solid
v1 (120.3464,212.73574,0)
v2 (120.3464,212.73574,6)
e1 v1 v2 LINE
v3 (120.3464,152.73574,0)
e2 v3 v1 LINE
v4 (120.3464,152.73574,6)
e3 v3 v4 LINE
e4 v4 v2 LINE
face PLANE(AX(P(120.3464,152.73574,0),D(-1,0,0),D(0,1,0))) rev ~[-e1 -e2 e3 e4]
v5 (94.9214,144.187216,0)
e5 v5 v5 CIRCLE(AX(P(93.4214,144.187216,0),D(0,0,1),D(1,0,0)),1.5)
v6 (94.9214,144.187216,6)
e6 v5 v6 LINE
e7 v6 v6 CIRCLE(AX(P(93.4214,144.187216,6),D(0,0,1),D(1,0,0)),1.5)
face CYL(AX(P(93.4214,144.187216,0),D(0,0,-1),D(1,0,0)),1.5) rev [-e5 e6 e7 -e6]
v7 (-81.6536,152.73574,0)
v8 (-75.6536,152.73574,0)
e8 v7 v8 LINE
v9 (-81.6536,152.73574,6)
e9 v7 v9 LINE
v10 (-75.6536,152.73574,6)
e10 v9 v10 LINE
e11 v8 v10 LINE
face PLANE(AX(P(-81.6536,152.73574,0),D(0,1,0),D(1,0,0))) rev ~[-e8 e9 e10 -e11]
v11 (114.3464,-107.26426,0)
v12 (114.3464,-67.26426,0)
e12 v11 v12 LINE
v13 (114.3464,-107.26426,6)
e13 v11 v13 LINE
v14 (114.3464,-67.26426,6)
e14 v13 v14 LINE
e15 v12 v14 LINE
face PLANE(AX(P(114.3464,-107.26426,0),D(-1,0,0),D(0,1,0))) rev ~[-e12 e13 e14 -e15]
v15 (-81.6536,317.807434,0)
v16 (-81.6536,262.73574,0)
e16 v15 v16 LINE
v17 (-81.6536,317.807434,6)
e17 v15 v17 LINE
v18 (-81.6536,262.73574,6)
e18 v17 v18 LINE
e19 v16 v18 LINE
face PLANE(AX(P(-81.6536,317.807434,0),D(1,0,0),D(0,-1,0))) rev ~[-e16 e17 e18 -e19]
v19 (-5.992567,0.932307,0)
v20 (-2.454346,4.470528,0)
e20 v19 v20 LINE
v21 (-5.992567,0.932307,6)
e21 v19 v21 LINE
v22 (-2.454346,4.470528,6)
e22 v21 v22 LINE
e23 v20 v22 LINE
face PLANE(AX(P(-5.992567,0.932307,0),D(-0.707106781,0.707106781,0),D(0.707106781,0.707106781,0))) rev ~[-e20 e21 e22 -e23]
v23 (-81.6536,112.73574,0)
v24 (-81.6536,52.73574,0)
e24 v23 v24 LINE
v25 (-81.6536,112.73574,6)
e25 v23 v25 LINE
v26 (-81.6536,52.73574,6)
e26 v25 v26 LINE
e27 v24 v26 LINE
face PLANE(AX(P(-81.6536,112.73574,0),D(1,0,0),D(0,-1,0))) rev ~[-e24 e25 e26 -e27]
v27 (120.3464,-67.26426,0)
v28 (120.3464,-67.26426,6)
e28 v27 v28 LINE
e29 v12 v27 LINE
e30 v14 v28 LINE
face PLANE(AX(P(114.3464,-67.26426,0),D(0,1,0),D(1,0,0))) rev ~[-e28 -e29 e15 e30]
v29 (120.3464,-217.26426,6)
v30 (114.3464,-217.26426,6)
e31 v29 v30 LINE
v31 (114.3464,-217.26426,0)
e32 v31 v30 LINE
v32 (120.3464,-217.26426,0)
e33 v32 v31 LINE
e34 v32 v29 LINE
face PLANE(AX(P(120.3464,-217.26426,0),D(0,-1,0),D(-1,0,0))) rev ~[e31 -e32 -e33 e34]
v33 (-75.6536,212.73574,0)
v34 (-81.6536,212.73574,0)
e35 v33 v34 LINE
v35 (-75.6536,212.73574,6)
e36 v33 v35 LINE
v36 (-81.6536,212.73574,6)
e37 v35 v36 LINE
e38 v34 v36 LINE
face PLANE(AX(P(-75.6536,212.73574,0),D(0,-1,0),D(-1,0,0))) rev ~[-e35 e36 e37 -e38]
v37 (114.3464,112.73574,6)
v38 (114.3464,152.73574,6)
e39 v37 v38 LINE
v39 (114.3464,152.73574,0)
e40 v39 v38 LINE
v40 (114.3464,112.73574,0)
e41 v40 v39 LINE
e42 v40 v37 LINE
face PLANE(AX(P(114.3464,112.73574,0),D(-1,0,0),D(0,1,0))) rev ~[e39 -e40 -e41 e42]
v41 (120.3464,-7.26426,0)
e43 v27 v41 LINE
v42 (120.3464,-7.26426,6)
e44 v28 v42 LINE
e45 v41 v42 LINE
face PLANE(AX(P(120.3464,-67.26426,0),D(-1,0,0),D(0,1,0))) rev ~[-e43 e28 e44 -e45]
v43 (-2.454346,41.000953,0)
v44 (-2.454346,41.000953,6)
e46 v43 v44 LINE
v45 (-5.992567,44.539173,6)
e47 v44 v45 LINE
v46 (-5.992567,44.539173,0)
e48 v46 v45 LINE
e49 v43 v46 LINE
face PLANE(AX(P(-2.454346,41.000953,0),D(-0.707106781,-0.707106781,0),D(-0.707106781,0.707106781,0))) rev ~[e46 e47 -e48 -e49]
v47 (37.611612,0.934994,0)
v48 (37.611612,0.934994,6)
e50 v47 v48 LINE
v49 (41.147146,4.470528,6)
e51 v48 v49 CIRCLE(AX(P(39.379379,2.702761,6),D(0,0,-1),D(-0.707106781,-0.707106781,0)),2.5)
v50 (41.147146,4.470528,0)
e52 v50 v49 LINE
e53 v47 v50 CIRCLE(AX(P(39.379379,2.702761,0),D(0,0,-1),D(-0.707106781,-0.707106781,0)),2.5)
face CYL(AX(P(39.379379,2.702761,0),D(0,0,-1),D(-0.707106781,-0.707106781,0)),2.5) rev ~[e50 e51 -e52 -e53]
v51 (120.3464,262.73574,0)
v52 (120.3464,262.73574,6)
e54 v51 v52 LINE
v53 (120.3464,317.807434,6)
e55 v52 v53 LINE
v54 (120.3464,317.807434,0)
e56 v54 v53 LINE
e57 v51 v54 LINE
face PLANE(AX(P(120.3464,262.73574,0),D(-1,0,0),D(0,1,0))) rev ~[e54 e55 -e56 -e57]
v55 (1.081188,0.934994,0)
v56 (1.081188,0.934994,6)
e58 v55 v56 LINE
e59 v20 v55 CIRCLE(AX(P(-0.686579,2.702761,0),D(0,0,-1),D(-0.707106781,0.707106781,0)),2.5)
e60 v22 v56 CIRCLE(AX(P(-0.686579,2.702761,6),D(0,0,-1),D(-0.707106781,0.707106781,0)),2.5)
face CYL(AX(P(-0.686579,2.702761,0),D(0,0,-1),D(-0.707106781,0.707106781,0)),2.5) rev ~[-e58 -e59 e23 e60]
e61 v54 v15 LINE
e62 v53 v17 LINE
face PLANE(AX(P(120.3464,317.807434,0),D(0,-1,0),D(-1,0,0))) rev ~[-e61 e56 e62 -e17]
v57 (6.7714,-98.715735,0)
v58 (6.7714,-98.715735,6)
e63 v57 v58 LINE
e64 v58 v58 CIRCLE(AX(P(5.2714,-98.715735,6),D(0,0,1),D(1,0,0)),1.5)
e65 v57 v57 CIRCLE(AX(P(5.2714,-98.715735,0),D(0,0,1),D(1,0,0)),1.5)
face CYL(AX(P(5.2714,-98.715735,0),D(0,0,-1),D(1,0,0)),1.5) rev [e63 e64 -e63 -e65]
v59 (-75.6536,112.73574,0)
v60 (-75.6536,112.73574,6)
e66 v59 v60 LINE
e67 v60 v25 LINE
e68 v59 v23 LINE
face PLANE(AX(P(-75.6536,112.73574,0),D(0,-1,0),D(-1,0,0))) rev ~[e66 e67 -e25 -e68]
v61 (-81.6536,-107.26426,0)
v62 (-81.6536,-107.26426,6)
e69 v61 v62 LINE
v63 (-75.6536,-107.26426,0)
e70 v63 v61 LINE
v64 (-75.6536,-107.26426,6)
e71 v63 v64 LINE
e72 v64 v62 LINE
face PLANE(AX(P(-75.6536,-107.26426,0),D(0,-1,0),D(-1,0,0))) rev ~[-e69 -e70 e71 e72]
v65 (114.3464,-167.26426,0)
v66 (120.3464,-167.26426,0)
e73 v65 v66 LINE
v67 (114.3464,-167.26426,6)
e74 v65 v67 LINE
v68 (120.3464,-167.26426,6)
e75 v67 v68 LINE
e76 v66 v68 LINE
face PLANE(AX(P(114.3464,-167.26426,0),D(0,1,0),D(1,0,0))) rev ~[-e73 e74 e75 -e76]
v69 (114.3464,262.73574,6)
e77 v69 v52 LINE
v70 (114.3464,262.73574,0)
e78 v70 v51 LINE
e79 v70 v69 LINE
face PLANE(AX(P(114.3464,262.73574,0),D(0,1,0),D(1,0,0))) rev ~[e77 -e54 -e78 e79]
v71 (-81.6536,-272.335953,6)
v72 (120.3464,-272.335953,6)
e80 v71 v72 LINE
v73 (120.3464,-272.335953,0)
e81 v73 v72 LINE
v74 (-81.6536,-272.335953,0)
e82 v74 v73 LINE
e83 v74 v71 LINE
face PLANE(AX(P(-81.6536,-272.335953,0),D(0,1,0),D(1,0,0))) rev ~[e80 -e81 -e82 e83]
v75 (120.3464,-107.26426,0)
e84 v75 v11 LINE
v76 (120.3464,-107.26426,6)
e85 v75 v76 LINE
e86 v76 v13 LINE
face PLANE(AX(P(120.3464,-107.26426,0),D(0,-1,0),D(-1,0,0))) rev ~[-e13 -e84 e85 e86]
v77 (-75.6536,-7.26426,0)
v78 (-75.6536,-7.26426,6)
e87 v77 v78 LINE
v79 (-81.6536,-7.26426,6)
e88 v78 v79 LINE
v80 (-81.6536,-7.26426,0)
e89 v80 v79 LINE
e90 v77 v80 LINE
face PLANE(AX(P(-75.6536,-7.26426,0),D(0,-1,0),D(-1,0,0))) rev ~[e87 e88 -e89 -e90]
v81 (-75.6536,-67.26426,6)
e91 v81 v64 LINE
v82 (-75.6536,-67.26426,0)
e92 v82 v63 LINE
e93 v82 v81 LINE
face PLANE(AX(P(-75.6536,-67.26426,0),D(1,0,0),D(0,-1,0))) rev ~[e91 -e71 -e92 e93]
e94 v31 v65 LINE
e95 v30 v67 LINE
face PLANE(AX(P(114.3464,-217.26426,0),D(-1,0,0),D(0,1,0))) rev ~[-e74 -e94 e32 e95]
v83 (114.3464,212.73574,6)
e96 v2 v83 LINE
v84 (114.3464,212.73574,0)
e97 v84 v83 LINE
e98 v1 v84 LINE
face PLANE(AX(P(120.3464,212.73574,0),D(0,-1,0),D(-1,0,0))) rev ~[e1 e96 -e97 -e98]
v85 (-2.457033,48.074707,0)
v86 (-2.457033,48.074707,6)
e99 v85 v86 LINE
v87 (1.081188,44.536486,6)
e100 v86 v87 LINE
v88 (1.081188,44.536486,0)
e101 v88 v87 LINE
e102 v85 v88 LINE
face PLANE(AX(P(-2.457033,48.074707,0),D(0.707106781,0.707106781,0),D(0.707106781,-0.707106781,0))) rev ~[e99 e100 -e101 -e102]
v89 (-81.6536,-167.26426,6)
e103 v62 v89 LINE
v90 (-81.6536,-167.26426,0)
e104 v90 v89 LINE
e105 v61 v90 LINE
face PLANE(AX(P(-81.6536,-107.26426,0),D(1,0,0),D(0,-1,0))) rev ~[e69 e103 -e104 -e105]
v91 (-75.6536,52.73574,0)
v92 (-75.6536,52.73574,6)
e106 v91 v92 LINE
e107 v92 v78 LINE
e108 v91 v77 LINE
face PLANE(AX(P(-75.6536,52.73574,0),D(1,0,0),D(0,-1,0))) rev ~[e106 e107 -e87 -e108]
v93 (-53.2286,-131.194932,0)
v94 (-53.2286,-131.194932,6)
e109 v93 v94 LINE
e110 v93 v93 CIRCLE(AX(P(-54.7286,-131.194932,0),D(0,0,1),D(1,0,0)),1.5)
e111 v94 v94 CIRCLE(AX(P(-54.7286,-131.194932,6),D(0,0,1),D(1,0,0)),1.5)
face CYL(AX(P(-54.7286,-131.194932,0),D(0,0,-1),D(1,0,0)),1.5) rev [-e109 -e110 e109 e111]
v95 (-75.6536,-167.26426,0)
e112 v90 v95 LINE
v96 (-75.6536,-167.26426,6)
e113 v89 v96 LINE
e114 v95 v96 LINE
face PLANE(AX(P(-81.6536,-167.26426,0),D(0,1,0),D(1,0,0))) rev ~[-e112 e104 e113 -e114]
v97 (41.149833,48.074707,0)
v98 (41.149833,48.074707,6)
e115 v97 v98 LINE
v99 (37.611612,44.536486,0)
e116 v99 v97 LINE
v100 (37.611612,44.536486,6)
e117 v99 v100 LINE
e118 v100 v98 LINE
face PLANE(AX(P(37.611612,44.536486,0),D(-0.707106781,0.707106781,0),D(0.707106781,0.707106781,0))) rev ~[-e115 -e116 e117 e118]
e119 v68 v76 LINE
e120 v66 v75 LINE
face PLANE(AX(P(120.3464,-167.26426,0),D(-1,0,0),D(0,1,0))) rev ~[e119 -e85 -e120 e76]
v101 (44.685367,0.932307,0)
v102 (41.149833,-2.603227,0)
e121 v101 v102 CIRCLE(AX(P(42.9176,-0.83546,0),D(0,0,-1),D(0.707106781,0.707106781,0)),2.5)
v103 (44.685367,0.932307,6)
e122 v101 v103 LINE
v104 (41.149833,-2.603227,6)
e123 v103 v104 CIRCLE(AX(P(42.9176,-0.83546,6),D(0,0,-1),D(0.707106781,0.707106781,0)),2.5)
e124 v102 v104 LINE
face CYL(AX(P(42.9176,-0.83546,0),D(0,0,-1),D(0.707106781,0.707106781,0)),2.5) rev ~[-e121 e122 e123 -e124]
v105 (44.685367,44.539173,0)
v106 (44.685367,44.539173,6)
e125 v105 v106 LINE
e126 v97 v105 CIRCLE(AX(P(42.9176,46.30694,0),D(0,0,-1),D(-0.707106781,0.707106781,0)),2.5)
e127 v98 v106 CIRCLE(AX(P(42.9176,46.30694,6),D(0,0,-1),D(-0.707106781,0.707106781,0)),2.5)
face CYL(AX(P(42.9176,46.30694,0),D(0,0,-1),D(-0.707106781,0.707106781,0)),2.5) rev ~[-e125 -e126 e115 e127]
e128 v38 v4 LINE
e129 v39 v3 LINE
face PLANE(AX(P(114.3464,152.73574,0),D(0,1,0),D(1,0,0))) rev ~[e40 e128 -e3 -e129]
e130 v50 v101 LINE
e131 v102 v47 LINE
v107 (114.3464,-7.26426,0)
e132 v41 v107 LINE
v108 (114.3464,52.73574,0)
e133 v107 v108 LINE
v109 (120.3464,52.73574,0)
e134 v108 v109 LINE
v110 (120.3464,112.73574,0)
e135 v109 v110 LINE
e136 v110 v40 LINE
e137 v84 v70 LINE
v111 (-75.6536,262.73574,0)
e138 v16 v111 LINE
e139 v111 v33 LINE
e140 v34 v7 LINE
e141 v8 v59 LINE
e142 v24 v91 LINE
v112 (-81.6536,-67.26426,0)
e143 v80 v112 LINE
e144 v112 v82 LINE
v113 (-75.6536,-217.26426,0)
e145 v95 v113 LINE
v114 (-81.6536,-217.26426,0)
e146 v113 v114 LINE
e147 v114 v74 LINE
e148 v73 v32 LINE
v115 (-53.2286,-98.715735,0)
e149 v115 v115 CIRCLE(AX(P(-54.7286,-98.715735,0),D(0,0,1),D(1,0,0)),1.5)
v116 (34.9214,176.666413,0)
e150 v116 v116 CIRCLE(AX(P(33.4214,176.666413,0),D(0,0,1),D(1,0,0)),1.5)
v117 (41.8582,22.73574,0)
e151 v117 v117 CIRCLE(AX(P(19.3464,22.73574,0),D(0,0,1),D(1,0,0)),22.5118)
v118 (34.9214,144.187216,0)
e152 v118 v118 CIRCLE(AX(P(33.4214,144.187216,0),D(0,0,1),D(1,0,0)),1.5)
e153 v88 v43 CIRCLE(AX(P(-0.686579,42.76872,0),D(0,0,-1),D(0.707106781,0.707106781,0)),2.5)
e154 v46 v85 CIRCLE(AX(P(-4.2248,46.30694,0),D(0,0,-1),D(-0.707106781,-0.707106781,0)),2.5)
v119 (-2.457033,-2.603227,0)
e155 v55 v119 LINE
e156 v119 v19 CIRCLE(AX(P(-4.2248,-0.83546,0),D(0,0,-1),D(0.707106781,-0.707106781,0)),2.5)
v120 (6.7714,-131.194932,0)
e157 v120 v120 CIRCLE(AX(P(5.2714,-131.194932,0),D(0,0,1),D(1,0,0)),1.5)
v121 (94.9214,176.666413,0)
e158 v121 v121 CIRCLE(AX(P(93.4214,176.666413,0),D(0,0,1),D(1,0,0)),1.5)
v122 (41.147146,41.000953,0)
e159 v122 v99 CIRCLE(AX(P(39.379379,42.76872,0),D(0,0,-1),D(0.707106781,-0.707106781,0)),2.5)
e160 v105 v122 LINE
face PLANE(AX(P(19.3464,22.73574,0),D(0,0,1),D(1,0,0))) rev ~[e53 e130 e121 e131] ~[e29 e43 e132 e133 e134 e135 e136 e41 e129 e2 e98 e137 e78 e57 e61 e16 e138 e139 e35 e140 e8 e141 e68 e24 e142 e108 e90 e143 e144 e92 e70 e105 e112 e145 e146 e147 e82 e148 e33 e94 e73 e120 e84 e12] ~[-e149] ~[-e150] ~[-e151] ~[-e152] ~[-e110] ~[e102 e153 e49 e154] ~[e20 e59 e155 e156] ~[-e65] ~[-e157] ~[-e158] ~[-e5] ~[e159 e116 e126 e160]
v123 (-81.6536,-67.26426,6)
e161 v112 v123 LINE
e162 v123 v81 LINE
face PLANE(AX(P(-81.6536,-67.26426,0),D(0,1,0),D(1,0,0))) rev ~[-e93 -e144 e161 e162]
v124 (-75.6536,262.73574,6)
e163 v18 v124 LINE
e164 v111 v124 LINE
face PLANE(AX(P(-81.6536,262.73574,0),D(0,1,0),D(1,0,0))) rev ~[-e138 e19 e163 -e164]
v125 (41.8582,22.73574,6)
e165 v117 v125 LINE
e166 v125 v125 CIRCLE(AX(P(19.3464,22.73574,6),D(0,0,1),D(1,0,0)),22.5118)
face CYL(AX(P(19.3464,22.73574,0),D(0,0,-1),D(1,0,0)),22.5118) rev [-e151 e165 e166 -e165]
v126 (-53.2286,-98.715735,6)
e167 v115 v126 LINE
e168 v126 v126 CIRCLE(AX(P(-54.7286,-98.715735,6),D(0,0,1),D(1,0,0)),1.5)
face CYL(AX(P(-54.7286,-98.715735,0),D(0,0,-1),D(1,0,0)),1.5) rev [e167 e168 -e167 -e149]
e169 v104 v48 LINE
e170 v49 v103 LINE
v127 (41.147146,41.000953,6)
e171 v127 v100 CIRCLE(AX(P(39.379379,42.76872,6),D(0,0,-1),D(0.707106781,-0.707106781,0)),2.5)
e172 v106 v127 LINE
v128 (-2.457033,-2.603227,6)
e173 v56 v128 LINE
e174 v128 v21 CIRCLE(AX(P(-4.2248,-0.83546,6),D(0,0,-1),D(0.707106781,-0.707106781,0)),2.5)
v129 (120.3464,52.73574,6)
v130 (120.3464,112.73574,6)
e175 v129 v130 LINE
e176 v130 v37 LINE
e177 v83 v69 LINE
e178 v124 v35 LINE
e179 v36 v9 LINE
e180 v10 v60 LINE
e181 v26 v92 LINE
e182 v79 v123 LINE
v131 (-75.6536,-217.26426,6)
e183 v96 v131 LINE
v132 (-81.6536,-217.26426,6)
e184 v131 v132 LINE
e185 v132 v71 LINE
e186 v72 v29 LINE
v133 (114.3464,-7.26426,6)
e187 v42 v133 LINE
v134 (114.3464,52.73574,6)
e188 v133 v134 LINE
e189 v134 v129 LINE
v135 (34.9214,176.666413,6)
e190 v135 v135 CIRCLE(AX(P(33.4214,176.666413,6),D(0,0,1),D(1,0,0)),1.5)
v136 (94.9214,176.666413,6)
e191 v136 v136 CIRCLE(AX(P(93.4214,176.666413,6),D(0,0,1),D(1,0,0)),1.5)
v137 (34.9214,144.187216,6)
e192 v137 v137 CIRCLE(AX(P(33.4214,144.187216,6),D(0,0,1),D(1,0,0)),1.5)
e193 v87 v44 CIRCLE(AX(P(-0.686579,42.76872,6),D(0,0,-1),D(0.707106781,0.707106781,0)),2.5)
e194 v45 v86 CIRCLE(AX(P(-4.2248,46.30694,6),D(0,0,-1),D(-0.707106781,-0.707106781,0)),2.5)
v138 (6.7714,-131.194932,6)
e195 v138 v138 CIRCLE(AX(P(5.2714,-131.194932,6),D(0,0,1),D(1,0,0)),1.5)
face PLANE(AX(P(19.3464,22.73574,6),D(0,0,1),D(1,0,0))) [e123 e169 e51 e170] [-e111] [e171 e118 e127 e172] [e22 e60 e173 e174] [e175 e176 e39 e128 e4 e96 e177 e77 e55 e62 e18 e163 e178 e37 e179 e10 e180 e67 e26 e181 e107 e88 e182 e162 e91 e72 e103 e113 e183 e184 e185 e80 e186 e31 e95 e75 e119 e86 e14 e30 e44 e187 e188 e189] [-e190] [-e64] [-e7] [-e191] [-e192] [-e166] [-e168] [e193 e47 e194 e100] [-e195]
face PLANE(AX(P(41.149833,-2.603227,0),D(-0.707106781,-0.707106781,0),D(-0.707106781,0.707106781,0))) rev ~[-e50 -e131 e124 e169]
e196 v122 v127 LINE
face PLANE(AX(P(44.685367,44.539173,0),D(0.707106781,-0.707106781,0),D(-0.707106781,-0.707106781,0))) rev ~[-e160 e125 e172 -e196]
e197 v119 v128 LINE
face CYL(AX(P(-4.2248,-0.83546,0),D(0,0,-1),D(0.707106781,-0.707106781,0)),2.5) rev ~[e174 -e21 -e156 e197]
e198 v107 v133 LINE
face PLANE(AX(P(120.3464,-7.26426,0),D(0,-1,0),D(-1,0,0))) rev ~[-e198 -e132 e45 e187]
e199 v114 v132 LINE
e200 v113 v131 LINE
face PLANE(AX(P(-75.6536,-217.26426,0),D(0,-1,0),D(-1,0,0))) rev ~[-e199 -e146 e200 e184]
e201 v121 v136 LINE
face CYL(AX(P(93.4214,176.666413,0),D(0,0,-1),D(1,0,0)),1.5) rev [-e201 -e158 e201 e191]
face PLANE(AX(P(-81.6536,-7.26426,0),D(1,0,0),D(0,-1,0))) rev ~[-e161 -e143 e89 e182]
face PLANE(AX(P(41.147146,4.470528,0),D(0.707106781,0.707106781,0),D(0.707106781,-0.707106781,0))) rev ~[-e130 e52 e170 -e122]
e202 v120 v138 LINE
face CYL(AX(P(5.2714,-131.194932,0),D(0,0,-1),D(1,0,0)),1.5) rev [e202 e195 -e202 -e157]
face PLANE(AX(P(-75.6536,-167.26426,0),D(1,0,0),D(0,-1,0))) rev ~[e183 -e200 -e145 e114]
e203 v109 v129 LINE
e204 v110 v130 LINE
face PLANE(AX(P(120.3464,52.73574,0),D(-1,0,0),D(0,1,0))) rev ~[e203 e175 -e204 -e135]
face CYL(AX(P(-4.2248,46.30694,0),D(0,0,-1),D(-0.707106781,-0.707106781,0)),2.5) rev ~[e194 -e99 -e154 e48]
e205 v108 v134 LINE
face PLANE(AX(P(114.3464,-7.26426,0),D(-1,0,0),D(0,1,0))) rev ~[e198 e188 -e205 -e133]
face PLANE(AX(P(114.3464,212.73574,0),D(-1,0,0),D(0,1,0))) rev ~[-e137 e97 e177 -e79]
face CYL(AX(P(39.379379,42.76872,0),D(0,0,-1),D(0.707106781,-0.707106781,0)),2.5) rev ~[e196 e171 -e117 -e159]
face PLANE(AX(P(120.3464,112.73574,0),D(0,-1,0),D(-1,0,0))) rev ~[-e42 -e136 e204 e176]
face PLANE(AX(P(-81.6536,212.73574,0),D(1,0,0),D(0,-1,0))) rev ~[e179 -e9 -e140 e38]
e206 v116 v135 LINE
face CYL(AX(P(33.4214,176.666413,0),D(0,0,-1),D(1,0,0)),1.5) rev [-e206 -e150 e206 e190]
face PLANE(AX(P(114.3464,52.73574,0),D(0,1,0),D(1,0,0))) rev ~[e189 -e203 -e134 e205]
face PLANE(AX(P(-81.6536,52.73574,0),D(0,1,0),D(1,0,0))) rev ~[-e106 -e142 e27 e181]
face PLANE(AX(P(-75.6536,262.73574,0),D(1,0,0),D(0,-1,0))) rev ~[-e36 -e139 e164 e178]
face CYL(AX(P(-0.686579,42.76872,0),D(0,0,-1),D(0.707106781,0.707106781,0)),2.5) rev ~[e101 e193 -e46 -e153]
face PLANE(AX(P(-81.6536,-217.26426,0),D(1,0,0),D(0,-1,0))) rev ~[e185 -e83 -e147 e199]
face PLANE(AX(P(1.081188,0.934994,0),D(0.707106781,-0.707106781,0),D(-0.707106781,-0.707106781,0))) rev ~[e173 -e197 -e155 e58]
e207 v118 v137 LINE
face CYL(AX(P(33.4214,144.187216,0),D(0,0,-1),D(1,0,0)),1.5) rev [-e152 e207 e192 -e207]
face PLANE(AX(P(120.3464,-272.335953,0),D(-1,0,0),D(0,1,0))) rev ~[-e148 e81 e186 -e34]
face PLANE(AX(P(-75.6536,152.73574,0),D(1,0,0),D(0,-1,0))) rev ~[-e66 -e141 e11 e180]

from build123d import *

# Parameters (mm, degrees)
SKETCH1_R           = 1.5
SKETCH1_R_2         = 22.511799613
BOSS_EXTRUDE1_DEPTH = 6


with BuildPart() as part:
    # Sketch1 → Boss-Extrude1 (new body)
    with BuildSketch(Plane.XY):
        Polygon((114.346400169, -107.26425955), (114.346400169, -67.26425955), (120.346400169, -67.26425955), (120.346400169, -7.26425955), (114.346400169, -7.26425955), (114.346400169, 52.73574045), (120.346400169, 52.73574045), (120.346400169, 112.73574045), (114.346400169, 112.73574045), (114.346400169, 152.73574045), (120.346400169, 152.73574045), (120.346400169, 212.73574045), (114.346400169, 212.73574045), (114.346400169, 262.73574045), (120.346400169, 262.73574045), (120.346400169, 317.807433635), (-81.653599831, 317.807433635), (-81.653599831, 262.73574045), (-75.653599831, 262.73574045), (-75.653599831, 212.73574045), (-81.653599831, 212.73574045), (-81.653599831, 152.73574045), (-75.653599831, 152.73574045), (-75.653599831, 112.73574045), (-81.653599831, 112.73574045), (-81.653599831, 52.73574045), (-75.653599831, 52.73574045), (-75.653599831, -7.26425955), (-81.653599831, -7.26425955), (-81.653599831, -67.26425955), (-75.653599831, -67.26425955), (-75.653599831, -107.26425955), (-81.653599831, -107.26425955), (-81.653599831, -167.26425955), (-75.653599831, -167.26425955), (-75.653599831, -217.26425955), (-81.653599831, -217.26425955), (-81.653599831, -272.335952735), (120.346400169, -272.335952735), (120.346400169, -217.26425955), (114.346400169, -217.26425955), (114.346400169, -167.26425955), (120.346400169, -167.26425955), (120.346400169, -107.26425955), align=None)
        with Locations((93.421400169, 144.187215683)):
            Circle(SKETCH1_R, mode=Mode.SUBTRACT)
        with Locations((93.421400169, 176.66641252)):
            Circle(SKETCH1_R, mode=Mode.SUBTRACT)
        with Locations((33.421400169, 144.187215683)):
            Circle(SKETCH1_R, mode=Mode.SUBTRACT)
        with Locations((-54.728599831, -131.19493162)):
            Circle(SKETCH1_R, mode=Mode.SUBTRACT)
        with Locations((33.421400169, 176.66641252)):
            Circle(SKETCH1_R, mode=Mode.SUBTRACT)
        with Locations((-54.728599831, -98.715734783)):
            Circle(SKETCH1_R, mode=Mode.SUBTRACT)
        with Locations((5.271400169, -98.715734783)):
            Circle(SKETCH1_R, mode=Mode.SUBTRACT)
        with Locations((19.346400169, 22.73574045)):
            Circle(SKETCH1_R_2, mode=Mode.SUBTRACT)
        with Locations((5.271400169, -131.19493162)):
            Circle(SKETCH1_R, mode=Mode.SUBTRACT)
        with BuildLine():
            Line((41.149833216, -2.603226503), (37.611612305, 0.934994409))
            ThreePointArc((37.611612305, 0.934994409), (37.611612305, 4.470528314), (41.147146211, 4.470528314))
            Line((41.147146211, 4.470528314), (44.685367122, 0.932307403))
            ThreePointArc((44.685367122, 0.932307403), (44.685367122, -2.603226503), (41.149833216, -2.603226503))
        make_face(mode=Mode.SUBTRACT)
        with BuildLine():
            Line((-5.992566784, 0.932307403), (-2.454345872, 4.470528314))
            ThreePointArc((-2.454345872, 4.470528314), (1.081188034, 4.470528314), (1.081188034, 0.934994409))
            Line((1.081188034, 0.934994409), (-2.457032878, -2.603226503))
            ThreePointArc((-2.457032878, -2.603226503), (-5.992566784, -2.603226503), (-5.992566784, 0.932307403))
        make_face(mode=Mode.SUBTRACT)
        with BuildLine():
            Line((-2.457032878, 48.074707403), (1.081188034, 44.536486491))
            ThreePointArc((1.081188034, 44.536486491), (1.081188034, 41.000952585), (-2.454345872, 41.000952585))
            Line((-2.454345872, 41.000952585), (-5.992566784, 44.539173497))
            ThreePointArc((-5.992566784, 44.539173497), (-5.992566784, 48.074707403), (-2.457032878, 48.074707403))
        make_face(mode=Mode.SUBTRACT)
        with BuildLine():
            Line((44.685367122, 44.539173497), (41.147146211, 41.000952585))
            ThreePointArc((41.147146211, 41.000952585), (37.611612305, 41.000952585), (37.611612305, 44.536486491))
            Line((37.611612305, 44.536486491), (41.149833216, 48.074707403))
            ThreePointArc((41.149833216, 48.074707403), (44.685367122, 48.074707403), (44.685367122, 44.539173497))
        make_face(mode=Mode.SUBTRACT)
    extrude(amount=BOSS_EXTRUDE1_DEPTH)


solid = part.part
